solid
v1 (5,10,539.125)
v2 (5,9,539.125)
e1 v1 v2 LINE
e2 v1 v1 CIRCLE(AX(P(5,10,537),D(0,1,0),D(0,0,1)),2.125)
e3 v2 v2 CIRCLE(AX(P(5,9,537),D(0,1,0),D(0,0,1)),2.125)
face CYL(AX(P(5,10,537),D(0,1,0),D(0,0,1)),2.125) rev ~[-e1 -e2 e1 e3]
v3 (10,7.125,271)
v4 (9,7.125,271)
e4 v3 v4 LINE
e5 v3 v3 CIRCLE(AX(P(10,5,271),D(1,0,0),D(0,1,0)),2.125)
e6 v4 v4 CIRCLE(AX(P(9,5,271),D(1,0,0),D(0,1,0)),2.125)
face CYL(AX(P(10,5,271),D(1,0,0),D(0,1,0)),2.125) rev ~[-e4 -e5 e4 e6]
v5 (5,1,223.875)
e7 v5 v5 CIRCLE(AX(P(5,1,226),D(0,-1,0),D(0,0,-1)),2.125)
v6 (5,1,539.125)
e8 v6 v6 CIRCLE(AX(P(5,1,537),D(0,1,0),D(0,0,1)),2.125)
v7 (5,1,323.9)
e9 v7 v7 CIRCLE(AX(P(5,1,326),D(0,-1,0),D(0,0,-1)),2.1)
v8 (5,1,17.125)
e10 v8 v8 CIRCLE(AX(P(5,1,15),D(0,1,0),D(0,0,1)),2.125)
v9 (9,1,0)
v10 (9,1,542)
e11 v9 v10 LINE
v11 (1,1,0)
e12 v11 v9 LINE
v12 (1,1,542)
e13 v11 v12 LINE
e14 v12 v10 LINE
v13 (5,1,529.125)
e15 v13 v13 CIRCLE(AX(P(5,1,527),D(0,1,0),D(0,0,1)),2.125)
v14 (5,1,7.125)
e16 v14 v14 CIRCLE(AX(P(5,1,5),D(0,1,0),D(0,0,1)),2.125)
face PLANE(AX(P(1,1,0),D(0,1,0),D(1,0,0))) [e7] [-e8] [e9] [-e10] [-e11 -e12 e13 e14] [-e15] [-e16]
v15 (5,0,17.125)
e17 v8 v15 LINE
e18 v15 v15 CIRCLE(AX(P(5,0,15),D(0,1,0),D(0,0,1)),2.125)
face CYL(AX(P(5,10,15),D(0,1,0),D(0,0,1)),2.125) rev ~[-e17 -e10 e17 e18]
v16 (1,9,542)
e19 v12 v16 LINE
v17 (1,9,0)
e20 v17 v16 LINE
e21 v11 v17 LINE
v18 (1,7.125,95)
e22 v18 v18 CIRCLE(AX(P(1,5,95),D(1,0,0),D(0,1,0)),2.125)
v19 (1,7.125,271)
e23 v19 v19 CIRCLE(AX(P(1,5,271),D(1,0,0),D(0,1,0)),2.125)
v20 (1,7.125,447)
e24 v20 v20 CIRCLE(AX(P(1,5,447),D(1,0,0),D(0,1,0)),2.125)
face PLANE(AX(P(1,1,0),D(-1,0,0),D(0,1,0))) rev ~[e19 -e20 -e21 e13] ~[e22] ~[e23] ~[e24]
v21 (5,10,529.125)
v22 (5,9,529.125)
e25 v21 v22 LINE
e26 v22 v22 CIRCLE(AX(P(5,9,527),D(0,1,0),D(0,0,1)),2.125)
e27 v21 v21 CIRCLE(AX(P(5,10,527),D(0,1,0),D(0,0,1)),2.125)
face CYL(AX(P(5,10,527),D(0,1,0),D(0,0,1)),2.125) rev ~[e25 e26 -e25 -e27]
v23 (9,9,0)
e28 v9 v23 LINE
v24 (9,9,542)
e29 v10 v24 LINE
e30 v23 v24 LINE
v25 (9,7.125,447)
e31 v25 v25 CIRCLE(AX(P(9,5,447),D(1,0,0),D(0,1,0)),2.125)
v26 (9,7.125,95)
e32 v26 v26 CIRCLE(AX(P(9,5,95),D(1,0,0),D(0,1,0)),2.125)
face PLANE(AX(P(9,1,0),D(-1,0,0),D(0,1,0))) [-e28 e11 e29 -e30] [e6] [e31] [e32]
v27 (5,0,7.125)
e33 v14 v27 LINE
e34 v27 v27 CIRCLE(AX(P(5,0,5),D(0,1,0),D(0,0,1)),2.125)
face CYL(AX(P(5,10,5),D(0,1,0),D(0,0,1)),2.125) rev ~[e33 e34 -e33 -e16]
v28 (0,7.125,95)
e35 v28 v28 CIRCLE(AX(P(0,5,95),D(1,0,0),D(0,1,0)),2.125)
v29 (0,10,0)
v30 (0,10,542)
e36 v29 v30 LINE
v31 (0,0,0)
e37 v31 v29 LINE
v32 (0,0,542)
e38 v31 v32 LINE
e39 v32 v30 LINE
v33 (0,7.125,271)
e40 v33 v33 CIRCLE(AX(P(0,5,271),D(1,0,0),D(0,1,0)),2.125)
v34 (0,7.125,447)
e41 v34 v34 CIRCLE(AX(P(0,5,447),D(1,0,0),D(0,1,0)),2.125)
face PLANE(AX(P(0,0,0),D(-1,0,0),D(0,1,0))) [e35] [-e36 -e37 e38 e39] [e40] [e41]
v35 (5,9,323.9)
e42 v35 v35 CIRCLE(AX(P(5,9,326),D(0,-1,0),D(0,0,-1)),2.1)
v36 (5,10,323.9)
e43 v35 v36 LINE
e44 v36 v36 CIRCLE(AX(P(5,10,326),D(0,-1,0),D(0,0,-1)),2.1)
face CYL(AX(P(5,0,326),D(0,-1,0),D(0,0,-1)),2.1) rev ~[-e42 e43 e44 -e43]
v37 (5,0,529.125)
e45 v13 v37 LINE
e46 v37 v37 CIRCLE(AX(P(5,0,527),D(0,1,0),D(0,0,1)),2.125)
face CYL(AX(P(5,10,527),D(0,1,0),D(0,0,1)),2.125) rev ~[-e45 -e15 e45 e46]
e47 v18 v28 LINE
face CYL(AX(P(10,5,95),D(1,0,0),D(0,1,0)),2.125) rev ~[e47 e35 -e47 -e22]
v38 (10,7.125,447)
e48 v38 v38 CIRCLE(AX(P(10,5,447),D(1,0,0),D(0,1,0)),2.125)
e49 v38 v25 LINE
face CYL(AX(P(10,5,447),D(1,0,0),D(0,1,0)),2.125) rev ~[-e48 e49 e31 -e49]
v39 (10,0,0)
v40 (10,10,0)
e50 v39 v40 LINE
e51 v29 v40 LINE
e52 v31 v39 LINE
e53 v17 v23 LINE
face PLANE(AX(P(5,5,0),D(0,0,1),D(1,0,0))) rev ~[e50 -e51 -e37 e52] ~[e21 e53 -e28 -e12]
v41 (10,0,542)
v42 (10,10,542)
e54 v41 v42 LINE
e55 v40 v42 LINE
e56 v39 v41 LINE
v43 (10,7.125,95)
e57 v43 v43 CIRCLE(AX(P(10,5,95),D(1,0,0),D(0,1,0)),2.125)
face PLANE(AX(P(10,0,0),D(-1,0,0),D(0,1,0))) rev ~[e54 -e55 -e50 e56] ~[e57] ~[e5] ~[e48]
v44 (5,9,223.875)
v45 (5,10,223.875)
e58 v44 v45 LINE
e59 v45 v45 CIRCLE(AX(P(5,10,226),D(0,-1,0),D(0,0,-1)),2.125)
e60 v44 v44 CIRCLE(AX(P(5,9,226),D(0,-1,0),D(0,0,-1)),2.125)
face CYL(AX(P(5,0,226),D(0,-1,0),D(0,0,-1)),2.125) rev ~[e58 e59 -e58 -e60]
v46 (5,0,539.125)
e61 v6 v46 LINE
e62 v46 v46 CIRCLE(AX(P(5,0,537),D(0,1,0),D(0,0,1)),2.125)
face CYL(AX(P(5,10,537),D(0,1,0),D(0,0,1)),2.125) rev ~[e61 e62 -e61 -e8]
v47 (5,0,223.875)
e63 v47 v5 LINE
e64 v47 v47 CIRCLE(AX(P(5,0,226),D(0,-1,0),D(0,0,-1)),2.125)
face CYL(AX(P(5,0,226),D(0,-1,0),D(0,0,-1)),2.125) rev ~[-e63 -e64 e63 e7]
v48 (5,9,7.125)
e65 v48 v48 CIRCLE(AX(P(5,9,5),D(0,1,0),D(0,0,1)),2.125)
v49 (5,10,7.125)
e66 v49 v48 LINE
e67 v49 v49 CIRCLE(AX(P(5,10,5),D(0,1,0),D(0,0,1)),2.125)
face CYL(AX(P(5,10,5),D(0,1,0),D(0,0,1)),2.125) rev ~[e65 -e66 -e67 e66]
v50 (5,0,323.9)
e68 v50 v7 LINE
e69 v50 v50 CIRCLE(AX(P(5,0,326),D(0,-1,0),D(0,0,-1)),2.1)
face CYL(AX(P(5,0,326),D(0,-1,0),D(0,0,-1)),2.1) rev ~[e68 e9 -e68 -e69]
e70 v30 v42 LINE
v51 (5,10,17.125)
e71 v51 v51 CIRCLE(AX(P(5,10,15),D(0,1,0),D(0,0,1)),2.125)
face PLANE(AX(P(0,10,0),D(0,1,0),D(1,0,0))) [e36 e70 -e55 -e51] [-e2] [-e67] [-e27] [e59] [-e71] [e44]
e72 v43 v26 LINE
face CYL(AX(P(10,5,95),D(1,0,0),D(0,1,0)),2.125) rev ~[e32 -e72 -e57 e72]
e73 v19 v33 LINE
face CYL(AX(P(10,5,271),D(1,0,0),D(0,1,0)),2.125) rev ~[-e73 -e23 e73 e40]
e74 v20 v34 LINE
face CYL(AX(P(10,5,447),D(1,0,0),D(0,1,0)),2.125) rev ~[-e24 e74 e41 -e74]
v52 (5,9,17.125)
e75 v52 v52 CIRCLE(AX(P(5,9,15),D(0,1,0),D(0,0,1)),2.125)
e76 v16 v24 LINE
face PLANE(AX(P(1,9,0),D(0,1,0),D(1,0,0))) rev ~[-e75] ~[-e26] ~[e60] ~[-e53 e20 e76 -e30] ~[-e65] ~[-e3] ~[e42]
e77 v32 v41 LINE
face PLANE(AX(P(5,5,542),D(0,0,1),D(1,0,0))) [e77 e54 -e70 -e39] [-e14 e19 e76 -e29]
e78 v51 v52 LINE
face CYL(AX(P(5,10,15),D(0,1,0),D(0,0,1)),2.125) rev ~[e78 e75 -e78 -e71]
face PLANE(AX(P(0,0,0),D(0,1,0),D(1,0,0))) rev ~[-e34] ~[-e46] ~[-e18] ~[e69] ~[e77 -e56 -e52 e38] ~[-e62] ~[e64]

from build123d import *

# Parameters (mm, degrees)
SKETCH1_W           = 10
SKETCH1_H           = 10
SKETCH1_W_2         = 8
SKETCH1_H_2         = 8
BOSS_EXTRUDE1_DEPTH = 542
SKETCH2_R           = 2.125
CUT_EXTRUDE1_DEPTH  = 116
SKETCH3_R           = 2.1
SKETCH3_R_2         = 2.125
CUT_EXTRUDE2_DEPTH  = 10
SKETCH5_R           = 2.125
CUT_EXTRUDE3_DEPTH  = 10


with BuildPart() as part:
    # Sketch1 → Boss-Extrude1 (new body)
    with BuildSketch(Plane.XY):
        with Locations((5, 5)):
            Rectangle(SKETCH1_W, SKETCH1_H)
        with Locations((5, 5)):
            Rectangle(SKETCH1_W_2, SKETCH1_H_2, mode=Mode.SUBTRACT)
    extrude(amount=BOSS_EXTRUDE1_DEPTH)

    # Sketch2 → Cut-Extrude1 (cut)
    with BuildSketch(Plane(origin=(0, 10, 0), x_dir=(1, 0, 0), z_dir=(0, 1, 0))):
        with Locations(Location((5, -5, 0), (0, 0, 270))):
            Circle(SKETCH2_R)
        with Locations(Location((5, -15, 0), (0, 0, 270))):
            Circle(SKETCH2_R)
        with Locations(Location((5, -527, 0), (0, 0, 270))):
            Circle(SKETCH2_R)
        with Locations(Location((5, -537, 0), (0, 0, 270))):
            Circle(SKETCH2_R)
    extrude(amount=-CUT_EXTRUDE1_DEPTH, mode=Mode.SUBTRACT)

    # Sketch3 → Cut-Extrude2 (cut)
    with BuildSketch(Plane.XZ):
        with Locations(Location((5, 326, 0), (0, 0, 270))):
            Circle(SKETCH3_R)
        with Locations(Location((5, 226, 0), (0, 0, 270))):
            Circle(SKETCH3_R_2)
    extrude(amount=-CUT_EXTRUDE2_DEPTH, mode=Mode.SUBTRACT)

    # Sketch5 → Cut-Extrude3 (cut)
    with BuildSketch(Plane(origin=(10, 0, 0), x_dir=(0, 0, -1), z_dir=(1, 0, 0))):
        with Locations(Location((-447, 5, 0), (0, 0, 90))):
            Circle(SKETCH5_R)
        with Locations(Location((-95, 5, 0), (0, 0, 90))):
            Circle(SKETCH5_R)
        with Locations(Location((-271, 5, 0), (0, 0, 90))):
            Circle(SKETCH5_R)
    extrude(amount=-CUT_EXTRUDE3_DEPTH, mode=Mode.SUBTRACT)


solid = part.part
